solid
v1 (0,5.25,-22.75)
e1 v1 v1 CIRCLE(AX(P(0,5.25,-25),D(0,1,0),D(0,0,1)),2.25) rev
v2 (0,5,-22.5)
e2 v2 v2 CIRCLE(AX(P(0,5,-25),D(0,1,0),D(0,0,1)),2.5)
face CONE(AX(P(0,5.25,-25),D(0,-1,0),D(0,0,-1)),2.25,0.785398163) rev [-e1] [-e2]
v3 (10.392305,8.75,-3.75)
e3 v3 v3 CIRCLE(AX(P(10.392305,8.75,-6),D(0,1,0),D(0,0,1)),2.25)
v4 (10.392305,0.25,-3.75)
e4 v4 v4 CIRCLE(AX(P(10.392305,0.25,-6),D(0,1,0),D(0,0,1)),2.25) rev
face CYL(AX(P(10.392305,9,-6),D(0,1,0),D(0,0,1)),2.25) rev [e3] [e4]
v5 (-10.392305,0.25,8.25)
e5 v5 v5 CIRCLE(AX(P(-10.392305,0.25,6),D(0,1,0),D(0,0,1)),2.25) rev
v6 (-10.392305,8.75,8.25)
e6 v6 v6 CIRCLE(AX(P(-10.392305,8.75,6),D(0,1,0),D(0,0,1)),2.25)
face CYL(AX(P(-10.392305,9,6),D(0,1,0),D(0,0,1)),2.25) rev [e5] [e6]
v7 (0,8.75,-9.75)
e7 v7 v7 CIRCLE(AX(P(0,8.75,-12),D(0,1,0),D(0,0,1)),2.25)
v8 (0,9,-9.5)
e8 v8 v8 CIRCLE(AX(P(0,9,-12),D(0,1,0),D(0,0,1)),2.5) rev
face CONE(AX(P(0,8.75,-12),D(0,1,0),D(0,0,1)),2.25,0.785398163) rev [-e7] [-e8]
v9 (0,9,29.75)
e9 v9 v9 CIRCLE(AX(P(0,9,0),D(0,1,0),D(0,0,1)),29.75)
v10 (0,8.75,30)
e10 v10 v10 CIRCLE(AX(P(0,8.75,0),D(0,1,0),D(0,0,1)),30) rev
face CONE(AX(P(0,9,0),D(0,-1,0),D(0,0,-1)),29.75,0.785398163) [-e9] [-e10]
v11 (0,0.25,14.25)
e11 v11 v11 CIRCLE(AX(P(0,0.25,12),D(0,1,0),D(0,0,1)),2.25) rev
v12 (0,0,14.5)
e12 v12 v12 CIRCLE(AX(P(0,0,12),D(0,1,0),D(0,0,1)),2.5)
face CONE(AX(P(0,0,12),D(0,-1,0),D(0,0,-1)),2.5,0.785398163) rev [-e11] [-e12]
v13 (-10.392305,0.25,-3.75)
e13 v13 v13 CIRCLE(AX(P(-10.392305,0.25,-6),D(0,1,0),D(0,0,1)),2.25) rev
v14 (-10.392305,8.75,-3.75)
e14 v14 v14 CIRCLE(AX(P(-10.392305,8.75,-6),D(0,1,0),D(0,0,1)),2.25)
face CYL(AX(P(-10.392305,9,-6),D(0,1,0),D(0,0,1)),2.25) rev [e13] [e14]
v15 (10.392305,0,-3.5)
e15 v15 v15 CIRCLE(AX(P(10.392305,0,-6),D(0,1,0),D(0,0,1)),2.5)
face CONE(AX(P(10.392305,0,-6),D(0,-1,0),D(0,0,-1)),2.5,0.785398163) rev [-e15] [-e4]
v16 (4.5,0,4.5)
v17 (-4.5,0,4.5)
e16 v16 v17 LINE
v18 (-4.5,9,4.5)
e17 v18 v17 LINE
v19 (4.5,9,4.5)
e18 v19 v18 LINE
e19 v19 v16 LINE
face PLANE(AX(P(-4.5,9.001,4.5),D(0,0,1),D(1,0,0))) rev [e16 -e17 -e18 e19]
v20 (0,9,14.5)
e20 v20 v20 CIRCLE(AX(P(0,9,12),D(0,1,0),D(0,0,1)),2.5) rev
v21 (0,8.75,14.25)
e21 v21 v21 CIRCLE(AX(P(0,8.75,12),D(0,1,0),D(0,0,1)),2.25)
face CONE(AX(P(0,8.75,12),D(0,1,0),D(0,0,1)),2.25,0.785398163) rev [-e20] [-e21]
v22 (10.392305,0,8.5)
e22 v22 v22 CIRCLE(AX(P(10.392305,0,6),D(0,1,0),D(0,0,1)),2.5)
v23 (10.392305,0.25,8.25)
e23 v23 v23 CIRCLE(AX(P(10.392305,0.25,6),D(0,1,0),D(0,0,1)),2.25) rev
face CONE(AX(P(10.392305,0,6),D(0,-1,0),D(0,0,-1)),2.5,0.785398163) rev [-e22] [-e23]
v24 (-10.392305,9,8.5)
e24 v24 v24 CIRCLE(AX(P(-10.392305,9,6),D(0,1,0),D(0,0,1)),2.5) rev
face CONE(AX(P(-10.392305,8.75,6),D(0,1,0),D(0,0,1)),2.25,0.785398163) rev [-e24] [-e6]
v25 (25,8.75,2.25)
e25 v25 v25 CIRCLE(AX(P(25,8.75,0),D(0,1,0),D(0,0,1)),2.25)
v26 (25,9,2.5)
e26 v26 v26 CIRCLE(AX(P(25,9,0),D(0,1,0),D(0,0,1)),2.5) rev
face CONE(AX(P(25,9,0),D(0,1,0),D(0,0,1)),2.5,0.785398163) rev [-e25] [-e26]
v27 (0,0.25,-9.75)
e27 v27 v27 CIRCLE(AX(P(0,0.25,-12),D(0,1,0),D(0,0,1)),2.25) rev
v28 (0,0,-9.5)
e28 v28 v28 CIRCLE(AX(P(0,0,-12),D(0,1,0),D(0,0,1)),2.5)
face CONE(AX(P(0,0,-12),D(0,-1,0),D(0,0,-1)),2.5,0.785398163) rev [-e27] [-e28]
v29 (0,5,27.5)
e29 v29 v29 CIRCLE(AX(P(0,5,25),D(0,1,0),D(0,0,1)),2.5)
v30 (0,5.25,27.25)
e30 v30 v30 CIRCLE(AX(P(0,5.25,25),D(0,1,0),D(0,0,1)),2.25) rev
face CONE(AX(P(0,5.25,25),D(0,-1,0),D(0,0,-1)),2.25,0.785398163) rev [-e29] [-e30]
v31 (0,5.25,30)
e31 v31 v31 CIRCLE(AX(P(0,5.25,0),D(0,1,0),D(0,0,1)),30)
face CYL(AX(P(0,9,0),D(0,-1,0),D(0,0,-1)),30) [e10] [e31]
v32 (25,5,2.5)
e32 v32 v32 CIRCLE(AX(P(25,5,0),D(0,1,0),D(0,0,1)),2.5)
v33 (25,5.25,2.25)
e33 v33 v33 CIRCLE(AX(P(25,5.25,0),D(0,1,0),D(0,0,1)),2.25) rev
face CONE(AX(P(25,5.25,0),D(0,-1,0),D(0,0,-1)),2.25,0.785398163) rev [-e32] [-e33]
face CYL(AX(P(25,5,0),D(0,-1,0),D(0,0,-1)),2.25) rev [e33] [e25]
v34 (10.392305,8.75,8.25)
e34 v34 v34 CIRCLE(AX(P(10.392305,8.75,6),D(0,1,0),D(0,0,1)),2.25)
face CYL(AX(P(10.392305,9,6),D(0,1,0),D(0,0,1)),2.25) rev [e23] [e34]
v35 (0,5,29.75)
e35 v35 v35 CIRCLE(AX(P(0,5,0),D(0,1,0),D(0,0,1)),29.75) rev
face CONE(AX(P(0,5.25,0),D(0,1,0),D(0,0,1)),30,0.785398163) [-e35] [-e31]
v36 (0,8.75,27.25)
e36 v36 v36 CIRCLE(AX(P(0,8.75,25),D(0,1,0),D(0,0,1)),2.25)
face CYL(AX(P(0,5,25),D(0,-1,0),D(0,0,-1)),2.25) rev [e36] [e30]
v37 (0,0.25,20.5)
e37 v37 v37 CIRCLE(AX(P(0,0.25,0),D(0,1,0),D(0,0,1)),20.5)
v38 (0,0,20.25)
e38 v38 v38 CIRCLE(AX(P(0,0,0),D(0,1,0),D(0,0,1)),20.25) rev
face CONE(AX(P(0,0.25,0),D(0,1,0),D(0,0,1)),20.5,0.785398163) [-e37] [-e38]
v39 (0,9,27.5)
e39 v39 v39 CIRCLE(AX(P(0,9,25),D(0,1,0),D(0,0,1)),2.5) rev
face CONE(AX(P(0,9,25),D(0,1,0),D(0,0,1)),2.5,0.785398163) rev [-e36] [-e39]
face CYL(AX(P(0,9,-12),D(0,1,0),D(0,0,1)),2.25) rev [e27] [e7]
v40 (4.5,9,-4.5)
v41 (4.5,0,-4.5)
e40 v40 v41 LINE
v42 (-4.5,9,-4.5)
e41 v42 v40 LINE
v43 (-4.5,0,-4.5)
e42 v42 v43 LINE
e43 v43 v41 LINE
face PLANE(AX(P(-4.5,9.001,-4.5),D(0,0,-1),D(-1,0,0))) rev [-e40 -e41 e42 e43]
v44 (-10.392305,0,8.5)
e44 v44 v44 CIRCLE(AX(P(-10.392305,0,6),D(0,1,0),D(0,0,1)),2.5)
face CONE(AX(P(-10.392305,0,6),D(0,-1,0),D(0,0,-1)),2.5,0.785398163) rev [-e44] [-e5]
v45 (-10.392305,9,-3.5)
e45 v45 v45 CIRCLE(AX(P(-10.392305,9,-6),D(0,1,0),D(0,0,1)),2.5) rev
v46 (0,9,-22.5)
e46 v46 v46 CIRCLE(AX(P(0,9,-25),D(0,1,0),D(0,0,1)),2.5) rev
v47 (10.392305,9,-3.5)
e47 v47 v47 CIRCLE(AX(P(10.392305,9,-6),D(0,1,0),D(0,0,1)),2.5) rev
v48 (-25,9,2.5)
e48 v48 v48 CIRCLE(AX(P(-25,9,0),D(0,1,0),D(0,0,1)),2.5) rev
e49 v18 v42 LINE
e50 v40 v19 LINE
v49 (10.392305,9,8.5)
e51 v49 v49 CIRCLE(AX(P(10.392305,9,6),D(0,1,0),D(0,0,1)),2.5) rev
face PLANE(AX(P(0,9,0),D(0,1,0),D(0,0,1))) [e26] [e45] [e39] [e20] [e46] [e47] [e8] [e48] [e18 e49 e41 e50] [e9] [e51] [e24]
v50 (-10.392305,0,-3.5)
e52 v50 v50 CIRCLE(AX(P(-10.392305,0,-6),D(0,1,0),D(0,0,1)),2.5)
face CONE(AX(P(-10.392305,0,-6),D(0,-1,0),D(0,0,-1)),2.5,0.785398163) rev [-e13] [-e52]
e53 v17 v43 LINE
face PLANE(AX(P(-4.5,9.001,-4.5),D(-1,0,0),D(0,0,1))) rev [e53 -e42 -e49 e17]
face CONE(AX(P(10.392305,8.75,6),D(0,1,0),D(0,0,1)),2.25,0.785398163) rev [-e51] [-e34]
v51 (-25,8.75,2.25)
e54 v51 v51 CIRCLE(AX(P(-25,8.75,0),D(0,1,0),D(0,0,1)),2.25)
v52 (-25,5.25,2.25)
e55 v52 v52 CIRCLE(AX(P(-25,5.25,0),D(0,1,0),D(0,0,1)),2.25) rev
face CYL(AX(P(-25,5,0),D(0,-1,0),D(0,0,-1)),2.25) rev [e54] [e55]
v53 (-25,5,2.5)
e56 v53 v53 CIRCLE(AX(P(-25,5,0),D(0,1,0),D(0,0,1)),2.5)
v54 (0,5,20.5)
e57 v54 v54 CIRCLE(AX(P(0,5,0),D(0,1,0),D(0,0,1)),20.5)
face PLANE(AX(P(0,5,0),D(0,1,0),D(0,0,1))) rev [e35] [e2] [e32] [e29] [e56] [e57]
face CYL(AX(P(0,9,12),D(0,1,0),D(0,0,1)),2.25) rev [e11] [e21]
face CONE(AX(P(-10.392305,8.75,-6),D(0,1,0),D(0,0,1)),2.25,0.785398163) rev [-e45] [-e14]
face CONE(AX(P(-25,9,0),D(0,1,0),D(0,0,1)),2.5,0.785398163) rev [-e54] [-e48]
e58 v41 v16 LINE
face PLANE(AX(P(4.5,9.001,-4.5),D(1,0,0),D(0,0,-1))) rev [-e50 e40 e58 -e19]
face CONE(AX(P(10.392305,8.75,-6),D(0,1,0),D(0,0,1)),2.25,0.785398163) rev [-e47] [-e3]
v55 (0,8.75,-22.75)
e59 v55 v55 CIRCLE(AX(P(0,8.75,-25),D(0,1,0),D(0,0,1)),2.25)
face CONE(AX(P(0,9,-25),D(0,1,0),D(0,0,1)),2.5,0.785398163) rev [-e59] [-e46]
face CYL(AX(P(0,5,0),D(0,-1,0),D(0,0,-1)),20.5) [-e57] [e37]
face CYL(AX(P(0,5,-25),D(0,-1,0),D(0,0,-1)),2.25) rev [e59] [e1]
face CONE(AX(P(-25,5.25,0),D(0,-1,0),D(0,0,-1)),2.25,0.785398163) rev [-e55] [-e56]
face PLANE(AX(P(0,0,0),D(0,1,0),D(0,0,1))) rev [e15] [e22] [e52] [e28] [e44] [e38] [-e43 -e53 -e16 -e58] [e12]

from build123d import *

# Parameters (mm, degrees)
SKIZZE1_R                       = 20.5
AUFSATZ_LINEAR_AUSTRAGEN1_DEPTH = 5
SKIZZE3_R                       = 30
AUFSATZ_LINEAR_AUSTRAGEN2_DEPTH = 4
DURCHGANGSLOCH_F_R_M41_D        = 4.5
DURCHGANGSLOCH_F_R_M42_D        = 4.5
SCHNITT_LINEAR_AUSTRAGEN1_REACH = 45.37
SKIZZE9_W                       = 9
SKIZZE9_H                       = 9
FASE1_SIZE                      = 0.25


with BuildPart() as part:
    # Skizze1 → Aufsatz-Linear austragen1 (new body)
    with BuildSketch(Plane(origin=(0, 0, 0), x_dir=(1, 0, 0), z_dir=(0, 1, 0))):
        with Locations(Location((0, 0, 0), (0, 0, 270))):
            Circle(SKIZZE1_R)
    extrude(amount=AUFSATZ_LINEAR_AUSTRAGEN1_DEPTH)

    # Skizze3 → Aufsatz-Linear austragen2 (add)
    with BuildSketch(Plane(origin=(0, 5, 0), x_dir=(1, 0, 0), z_dir=(0, 1, 0))):
        with Locations(Location((0, 0, 0), (0, 0, 270))):
            Circle(SKIZZE3_R)
    extrude(amount=AUFSATZ_LINEAR_AUSTRAGEN2_DEPTH)

    # Durchgangsloch für M41 (through all)
    with Locations(Plane(origin=(0, 5, 0), x_dir=(-1, 0, 0), z_dir=(0, -1, 0))):
        with Locations((0, 25), (-25, 0), (0, -25), (25, 0)):
            Hole(DURCHGANGSLOCH_F_R_M41_D / 2)

    # Durchgangsloch für M42 (through all)
    with Locations(Plane(origin=(0, 9, 0), x_dir=(1, 0, 0), z_dir=(0, 1, 0))):
        with Locations((-10.392304845, 6), (0, 12), (10.392304845, 6), (10.392304845, -6), (0, -12), (-10.392304845, -6)):
            Hole(DURCHGANGSLOCH_F_R_M42_D / 2)

    # Skizze9 → Schnitt-Linear austragen1 (cut, up to next)
    with BuildSketch(Plane.XZ, mode=Mode.PRIVATE) as schnitt_linear_austragen1_sk1:
        Rectangle(SKIZZE9_W, SKIZZE9_H)
    schnitt_linear_austragen1_tool1 = extrude(schnitt_linear_austragen1_sk1.sketch, amount=-SCHNITT_LINEAR_AUSTRAGEN1_REACH, mode=Mode.PRIVATE) & part.part
    add(schnitt_linear_austragen1_tool1.solids().sort_by_distance((0, 0, 0))[0], mode=Mode.SUBTRACT)

    # Fase1
    fase1_edges = [part.edges().sort_by_distance(p)[0] for p in [
        (-27.25, 5, 0),
        (-27.25, 9, 0),
        (-2.25, 5, 25),
        (-2.25, 9, 25),
        (0, 0, -20.5),
        (22.75, 5, 0),
        (22.75, 9, 0),
        (-2.25, 5, -25),
        (-2.25, 9, -25),
        (-8.142304845, 9, -6),
        (-8.142304845, 0, -6),
        (-8.142304845, 9, 6),
        (-8.142304845, 0, 6),
        (2.25, 9, 12),
        (2.25, 0, 12),
        (12.642304845, 9, 6),
        (12.642304845, 0, 6),
        (12.642304845, 9, -6),
        (12.642304845, 0, -6),
        (0, 5, -30),
        (0, 9, -30),
        (2.25, 9, -12),
        (2.25, 0, -12),
    ]]
    chamfer(fase1_edges, length=FASE1_SIZE)


solid = part.part
